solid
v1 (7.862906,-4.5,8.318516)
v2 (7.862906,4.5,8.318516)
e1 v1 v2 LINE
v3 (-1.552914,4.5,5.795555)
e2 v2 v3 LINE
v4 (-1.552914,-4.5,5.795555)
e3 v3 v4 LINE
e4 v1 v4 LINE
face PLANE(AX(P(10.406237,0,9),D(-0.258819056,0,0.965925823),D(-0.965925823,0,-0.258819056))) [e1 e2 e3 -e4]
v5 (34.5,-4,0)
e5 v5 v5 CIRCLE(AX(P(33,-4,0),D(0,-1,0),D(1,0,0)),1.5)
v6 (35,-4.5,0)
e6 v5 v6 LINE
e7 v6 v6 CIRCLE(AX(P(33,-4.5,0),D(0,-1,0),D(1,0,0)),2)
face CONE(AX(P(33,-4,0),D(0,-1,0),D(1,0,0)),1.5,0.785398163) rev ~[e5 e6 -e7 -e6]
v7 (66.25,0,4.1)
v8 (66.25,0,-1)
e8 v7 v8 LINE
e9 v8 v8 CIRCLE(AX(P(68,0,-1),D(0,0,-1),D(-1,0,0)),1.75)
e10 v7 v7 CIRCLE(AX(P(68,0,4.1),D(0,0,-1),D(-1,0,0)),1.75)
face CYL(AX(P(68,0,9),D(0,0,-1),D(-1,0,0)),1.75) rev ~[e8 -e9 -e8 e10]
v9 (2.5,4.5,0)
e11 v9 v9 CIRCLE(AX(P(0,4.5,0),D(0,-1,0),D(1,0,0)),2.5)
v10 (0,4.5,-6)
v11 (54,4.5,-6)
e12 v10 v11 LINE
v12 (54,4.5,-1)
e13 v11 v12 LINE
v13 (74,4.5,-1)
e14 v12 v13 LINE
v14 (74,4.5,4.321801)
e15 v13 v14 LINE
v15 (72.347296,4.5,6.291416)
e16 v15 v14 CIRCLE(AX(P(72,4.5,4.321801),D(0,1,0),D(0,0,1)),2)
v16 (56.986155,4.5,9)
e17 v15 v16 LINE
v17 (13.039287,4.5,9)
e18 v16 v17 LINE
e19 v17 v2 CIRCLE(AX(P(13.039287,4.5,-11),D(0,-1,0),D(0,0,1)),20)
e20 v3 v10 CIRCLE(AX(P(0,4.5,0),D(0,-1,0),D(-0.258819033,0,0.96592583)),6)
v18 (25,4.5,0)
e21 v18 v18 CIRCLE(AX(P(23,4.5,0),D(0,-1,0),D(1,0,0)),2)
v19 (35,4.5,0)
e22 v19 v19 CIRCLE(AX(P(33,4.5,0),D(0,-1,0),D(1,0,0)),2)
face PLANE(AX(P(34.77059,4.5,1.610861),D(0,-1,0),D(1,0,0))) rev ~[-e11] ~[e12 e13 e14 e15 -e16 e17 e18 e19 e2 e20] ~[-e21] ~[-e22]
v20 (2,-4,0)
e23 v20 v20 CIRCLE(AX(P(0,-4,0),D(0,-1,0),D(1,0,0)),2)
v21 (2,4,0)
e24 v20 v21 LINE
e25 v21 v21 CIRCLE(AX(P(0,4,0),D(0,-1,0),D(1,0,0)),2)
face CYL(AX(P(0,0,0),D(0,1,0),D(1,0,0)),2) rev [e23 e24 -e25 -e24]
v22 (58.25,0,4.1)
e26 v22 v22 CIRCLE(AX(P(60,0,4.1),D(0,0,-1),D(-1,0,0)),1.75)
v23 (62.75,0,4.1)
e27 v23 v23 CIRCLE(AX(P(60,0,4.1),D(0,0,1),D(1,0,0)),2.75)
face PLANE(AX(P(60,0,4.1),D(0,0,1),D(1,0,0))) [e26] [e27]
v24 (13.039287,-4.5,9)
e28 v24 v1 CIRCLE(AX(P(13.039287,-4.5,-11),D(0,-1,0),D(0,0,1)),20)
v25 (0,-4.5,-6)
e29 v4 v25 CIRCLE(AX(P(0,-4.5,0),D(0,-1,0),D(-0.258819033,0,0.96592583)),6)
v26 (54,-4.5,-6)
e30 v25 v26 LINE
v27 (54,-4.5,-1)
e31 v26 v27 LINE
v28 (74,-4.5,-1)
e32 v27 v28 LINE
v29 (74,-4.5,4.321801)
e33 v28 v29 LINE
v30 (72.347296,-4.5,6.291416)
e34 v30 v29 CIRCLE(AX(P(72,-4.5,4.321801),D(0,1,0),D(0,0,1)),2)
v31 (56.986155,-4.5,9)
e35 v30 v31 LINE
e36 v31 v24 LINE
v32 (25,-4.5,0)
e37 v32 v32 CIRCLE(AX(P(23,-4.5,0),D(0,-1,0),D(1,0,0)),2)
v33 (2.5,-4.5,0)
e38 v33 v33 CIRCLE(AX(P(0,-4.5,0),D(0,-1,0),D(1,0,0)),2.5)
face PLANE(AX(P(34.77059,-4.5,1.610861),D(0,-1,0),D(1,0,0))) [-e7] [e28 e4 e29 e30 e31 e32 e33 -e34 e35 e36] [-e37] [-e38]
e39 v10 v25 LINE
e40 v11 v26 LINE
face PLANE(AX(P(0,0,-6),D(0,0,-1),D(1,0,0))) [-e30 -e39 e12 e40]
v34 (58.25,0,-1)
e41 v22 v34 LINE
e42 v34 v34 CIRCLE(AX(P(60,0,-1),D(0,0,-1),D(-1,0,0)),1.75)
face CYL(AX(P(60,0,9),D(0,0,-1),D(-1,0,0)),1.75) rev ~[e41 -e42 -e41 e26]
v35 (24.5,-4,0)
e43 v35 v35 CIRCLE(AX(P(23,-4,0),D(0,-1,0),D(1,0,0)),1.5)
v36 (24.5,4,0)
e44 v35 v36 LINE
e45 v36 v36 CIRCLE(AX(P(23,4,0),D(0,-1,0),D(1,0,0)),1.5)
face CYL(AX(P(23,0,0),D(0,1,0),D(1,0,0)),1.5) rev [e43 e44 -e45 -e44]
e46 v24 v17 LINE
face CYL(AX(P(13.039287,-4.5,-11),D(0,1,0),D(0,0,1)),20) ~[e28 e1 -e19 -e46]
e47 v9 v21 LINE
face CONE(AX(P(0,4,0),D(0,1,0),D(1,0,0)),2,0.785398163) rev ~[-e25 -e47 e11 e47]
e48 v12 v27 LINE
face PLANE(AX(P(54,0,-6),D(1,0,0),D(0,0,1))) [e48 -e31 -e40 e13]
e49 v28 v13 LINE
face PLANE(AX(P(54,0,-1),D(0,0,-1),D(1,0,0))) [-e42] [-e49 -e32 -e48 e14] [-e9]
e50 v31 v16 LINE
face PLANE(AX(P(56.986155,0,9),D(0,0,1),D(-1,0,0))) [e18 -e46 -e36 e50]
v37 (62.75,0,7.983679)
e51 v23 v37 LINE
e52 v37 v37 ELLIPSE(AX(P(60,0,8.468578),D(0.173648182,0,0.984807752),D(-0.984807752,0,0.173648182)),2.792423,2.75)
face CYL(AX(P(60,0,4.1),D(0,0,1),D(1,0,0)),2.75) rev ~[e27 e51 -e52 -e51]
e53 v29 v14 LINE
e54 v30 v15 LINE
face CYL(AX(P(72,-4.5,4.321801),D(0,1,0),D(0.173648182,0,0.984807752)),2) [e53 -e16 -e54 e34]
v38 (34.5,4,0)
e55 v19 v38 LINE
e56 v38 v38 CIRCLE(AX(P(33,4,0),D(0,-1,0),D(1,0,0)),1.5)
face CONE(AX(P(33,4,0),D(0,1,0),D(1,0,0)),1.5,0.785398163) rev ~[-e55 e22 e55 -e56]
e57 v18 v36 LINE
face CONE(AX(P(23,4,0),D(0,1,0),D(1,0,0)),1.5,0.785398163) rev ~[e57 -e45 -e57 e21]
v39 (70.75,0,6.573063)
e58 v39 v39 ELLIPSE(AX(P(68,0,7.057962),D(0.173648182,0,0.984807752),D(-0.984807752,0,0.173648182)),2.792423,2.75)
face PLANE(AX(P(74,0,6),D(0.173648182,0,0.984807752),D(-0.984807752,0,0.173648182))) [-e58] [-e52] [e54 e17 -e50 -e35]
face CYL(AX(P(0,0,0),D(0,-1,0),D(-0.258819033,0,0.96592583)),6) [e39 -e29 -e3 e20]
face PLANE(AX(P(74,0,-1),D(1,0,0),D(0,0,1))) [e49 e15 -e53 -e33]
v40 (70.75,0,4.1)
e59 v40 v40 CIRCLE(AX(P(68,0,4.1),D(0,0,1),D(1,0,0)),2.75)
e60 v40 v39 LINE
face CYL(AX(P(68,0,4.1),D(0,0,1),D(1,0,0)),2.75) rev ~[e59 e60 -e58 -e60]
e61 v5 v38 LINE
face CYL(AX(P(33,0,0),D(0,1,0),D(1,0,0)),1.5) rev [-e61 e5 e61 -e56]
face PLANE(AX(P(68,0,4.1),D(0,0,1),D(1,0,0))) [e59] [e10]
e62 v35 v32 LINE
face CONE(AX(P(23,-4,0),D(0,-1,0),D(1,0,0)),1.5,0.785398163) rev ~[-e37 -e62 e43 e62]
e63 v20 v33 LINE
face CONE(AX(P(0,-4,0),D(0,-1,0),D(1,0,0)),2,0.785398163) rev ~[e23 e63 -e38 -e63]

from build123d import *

# Parameters (mm, degrees)
F0_R           = 2
F0_R_2         = 1.5
F1_DEPTH       = 4.5
F2_R           = 2
F3_R           = 20
F4_SIZE        = 0.5
F6_D           = 3.5
F6_CBORE_D     = 5.5
F6_CBORE_DEPTH = 4.9


with BuildPart() as f1:
    # F0 (on Front) → F1 (new body, symmetric)
    with BuildSketch(Plane.XZ):
        with BuildLine():
            Line((10.406237, 9), (-1.552914, 5.795555))
            ThreePointArc((-1.552914, 5.795555), (-5.948669, -0.783157), (0, -6))
            Line((0, -6), (54, -6))
            Line((54, -6), (54, -1))
            Line((54, -1), (74, -1))
            Line((74, -1), (74, 6))
            Line((74, 6), (56.986155, 9))
            Line((56.986155, 9), (10.406237, 9))
        make_face()
        Circle(F0_R, mode=Mode.SUBTRACT)
        with Locations((23, 0)):
            Circle(F0_R_2, mode=Mode.SUBTRACT)
        with Locations((33, 0)):
            Circle(F0_R_2, mode=Mode.SUBTRACT)
    extrude(amount=F1_DEPTH, both=True)

    # F2
    f2_edges = [f1.edges().sort_by_distance(p)[0] for p in [
        (74, 0, 6),
    ]]
    fillet(f2_edges, radius=F2_R)

    # F3
    f3_edges = [f1.edges().sort_by_distance(p)[0] for p in [
        (10.406237, 0, 9),
    ]]
    fillet(f3_edges, radius=F3_R)

    # F4
    f4_edges = [f1.edges().sort_by_distance(p)[0] for p in [
        (-2, -4.5, 0),
        (21.5, -4.5, 0),
        (31.5, -4.5, 0),
        (-2, 4.5, 0),
        (21.5, 4.5, 0),
        (31.5, 4.5, 0),
    ]]
    chamfer(f4_edges, length=F4_SIZE)

    # F6 (through all)
    with Locations(Plane.XY.offset(9)):
        with Locations((60, 0), (68, 0)):
            CounterBoreHole(F6_D / 2, F6_CBORE_D / 2, F6_CBORE_DEPTH)


solid = f1.part
